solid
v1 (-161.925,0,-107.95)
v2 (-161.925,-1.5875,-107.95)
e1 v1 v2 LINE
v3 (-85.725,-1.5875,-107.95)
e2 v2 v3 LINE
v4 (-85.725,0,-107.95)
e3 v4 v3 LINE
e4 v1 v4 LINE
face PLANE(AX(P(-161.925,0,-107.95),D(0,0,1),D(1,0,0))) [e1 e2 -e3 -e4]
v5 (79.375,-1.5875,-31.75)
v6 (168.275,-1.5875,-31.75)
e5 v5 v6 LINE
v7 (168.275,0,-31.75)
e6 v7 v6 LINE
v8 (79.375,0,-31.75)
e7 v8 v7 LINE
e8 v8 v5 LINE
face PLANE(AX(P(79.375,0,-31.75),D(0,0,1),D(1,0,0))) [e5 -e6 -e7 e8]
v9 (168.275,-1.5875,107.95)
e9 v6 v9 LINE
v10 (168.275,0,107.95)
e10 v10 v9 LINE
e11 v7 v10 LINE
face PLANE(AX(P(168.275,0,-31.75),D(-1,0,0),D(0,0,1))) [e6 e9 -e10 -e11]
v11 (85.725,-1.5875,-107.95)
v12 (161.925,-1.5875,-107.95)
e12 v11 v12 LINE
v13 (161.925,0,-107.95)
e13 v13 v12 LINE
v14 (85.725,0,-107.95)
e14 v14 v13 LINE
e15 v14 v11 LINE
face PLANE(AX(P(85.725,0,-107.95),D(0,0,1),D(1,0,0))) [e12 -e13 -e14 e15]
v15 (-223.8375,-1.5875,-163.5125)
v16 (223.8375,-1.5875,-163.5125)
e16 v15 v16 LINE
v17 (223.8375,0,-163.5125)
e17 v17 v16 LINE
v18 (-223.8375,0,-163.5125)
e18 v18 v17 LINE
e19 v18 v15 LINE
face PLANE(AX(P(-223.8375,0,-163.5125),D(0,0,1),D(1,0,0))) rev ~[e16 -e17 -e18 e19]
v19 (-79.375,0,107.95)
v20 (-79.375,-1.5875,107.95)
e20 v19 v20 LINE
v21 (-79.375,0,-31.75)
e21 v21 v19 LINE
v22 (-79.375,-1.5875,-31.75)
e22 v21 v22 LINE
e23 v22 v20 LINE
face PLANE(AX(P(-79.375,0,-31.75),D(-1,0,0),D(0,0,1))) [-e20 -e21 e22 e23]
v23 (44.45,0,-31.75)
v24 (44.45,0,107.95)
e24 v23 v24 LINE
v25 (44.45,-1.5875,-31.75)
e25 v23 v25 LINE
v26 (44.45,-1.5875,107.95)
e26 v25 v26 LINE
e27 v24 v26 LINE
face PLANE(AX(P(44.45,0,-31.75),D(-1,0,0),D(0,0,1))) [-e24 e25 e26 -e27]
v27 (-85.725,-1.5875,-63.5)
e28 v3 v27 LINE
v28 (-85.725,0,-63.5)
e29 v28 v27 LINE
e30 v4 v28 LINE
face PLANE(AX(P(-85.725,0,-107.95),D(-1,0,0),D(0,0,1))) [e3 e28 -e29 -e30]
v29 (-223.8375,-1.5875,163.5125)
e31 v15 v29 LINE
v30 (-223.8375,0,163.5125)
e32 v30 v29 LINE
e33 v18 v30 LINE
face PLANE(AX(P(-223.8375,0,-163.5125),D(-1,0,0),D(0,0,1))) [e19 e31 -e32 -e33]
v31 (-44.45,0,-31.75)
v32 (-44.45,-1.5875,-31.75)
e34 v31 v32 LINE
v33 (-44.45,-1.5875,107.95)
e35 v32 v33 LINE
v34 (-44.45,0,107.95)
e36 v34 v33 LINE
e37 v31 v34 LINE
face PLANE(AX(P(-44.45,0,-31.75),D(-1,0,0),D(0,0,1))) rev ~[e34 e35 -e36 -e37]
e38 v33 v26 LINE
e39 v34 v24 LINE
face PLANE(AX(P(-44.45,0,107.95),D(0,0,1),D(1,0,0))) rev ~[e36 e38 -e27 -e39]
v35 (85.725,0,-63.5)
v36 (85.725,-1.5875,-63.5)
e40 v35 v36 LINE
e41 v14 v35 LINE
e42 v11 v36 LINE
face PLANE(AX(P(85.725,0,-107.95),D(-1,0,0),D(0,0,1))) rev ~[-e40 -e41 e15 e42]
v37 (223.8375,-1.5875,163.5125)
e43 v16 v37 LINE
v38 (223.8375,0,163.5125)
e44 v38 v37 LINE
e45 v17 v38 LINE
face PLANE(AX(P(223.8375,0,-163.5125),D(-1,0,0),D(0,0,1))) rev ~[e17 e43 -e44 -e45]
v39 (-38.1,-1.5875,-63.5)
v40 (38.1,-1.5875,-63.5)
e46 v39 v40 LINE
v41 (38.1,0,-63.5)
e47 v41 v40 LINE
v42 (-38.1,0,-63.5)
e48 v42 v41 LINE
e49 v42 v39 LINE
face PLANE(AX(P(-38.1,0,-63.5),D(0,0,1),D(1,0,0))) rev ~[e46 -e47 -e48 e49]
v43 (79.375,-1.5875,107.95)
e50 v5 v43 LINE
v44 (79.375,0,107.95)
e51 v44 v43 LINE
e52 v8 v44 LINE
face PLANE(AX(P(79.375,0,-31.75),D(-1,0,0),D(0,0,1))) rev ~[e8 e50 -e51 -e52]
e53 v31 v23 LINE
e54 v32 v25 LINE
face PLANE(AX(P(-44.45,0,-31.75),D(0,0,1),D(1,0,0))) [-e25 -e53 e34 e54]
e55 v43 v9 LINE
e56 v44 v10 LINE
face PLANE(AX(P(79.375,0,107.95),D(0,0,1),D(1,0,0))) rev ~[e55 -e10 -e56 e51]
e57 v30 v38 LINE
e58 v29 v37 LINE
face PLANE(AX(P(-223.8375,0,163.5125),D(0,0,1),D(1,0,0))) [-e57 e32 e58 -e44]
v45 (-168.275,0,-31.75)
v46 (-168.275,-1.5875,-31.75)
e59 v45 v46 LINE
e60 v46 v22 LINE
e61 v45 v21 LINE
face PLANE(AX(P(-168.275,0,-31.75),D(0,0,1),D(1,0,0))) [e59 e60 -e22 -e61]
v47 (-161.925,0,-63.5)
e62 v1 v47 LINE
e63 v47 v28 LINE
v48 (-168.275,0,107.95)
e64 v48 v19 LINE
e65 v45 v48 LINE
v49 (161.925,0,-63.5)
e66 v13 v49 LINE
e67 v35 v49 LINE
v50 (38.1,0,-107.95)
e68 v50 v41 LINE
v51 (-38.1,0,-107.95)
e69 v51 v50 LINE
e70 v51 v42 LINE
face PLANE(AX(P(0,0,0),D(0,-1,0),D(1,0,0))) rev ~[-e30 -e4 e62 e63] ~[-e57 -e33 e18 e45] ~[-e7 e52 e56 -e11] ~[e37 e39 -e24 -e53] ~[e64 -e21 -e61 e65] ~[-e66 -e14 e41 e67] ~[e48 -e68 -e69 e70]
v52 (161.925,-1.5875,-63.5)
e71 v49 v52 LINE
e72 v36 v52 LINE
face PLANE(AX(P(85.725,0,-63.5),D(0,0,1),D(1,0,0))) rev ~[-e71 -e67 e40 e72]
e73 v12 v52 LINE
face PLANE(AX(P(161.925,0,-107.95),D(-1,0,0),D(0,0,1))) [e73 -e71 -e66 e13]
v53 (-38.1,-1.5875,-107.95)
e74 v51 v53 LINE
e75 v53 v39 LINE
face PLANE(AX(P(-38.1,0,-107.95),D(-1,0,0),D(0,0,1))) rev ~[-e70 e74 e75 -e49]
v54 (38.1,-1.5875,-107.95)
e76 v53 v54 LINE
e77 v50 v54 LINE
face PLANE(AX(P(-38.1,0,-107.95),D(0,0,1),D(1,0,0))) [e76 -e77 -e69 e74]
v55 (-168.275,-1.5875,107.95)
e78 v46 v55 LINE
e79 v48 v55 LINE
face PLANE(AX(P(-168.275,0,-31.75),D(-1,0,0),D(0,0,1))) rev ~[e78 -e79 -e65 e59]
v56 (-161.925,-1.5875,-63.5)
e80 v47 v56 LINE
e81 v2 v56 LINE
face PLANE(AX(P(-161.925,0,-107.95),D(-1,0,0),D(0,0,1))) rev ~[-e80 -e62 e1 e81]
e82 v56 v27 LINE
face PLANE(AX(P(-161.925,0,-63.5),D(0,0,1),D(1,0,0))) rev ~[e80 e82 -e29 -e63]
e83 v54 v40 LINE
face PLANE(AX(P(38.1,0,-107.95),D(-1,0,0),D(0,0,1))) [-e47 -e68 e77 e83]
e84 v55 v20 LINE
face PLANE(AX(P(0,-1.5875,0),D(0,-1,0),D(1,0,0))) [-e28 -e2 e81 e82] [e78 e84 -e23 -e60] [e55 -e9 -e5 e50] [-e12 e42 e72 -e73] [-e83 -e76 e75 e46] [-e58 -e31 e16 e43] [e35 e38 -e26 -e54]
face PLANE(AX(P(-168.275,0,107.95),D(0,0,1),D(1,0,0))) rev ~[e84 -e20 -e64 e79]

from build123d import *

# Parameters (mm, degrees)
F0_W     = 447.675
F0_H     = 327.025
F0_W_2   = 76.2
F0_H_2   = 44.45
F0_W_3   = 88.9
F0_H_3   = 139.7
F1_DEPTH = 1.5875


with BuildPart() as f1:
    # F0 (on Front) → F1 (new body)
    with BuildSketch(Plane.XZ):
        Rectangle(F0_W, F0_H)
        with Locations((-123.825, -85.725)):
            Rectangle(F0_W_2, F0_H_2, mode=Mode.SUBTRACT)
        with Locations((0, -85.725)):
            Rectangle(F0_W_2, F0_H_2, mode=Mode.SUBTRACT)
        with Locations((123.825, -85.725)):
            Rectangle(F0_W_2, F0_H_2, mode=Mode.SUBTRACT)
        with Locations((-123.825, 38.1)):
            Rectangle(F0_W_3, F0_H_3, mode=Mode.SUBTRACT)
        with Locations((0, 38.1)):
            Rectangle(F0_W_3, F0_H_3, mode=Mode.SUBTRACT)
        with Locations((123.825, 38.1)):
            Rectangle(F0_W_3, F0_H_3, mode=Mode.SUBTRACT)
    extrude(amount=F1_DEPTH)


solid = f1.part
